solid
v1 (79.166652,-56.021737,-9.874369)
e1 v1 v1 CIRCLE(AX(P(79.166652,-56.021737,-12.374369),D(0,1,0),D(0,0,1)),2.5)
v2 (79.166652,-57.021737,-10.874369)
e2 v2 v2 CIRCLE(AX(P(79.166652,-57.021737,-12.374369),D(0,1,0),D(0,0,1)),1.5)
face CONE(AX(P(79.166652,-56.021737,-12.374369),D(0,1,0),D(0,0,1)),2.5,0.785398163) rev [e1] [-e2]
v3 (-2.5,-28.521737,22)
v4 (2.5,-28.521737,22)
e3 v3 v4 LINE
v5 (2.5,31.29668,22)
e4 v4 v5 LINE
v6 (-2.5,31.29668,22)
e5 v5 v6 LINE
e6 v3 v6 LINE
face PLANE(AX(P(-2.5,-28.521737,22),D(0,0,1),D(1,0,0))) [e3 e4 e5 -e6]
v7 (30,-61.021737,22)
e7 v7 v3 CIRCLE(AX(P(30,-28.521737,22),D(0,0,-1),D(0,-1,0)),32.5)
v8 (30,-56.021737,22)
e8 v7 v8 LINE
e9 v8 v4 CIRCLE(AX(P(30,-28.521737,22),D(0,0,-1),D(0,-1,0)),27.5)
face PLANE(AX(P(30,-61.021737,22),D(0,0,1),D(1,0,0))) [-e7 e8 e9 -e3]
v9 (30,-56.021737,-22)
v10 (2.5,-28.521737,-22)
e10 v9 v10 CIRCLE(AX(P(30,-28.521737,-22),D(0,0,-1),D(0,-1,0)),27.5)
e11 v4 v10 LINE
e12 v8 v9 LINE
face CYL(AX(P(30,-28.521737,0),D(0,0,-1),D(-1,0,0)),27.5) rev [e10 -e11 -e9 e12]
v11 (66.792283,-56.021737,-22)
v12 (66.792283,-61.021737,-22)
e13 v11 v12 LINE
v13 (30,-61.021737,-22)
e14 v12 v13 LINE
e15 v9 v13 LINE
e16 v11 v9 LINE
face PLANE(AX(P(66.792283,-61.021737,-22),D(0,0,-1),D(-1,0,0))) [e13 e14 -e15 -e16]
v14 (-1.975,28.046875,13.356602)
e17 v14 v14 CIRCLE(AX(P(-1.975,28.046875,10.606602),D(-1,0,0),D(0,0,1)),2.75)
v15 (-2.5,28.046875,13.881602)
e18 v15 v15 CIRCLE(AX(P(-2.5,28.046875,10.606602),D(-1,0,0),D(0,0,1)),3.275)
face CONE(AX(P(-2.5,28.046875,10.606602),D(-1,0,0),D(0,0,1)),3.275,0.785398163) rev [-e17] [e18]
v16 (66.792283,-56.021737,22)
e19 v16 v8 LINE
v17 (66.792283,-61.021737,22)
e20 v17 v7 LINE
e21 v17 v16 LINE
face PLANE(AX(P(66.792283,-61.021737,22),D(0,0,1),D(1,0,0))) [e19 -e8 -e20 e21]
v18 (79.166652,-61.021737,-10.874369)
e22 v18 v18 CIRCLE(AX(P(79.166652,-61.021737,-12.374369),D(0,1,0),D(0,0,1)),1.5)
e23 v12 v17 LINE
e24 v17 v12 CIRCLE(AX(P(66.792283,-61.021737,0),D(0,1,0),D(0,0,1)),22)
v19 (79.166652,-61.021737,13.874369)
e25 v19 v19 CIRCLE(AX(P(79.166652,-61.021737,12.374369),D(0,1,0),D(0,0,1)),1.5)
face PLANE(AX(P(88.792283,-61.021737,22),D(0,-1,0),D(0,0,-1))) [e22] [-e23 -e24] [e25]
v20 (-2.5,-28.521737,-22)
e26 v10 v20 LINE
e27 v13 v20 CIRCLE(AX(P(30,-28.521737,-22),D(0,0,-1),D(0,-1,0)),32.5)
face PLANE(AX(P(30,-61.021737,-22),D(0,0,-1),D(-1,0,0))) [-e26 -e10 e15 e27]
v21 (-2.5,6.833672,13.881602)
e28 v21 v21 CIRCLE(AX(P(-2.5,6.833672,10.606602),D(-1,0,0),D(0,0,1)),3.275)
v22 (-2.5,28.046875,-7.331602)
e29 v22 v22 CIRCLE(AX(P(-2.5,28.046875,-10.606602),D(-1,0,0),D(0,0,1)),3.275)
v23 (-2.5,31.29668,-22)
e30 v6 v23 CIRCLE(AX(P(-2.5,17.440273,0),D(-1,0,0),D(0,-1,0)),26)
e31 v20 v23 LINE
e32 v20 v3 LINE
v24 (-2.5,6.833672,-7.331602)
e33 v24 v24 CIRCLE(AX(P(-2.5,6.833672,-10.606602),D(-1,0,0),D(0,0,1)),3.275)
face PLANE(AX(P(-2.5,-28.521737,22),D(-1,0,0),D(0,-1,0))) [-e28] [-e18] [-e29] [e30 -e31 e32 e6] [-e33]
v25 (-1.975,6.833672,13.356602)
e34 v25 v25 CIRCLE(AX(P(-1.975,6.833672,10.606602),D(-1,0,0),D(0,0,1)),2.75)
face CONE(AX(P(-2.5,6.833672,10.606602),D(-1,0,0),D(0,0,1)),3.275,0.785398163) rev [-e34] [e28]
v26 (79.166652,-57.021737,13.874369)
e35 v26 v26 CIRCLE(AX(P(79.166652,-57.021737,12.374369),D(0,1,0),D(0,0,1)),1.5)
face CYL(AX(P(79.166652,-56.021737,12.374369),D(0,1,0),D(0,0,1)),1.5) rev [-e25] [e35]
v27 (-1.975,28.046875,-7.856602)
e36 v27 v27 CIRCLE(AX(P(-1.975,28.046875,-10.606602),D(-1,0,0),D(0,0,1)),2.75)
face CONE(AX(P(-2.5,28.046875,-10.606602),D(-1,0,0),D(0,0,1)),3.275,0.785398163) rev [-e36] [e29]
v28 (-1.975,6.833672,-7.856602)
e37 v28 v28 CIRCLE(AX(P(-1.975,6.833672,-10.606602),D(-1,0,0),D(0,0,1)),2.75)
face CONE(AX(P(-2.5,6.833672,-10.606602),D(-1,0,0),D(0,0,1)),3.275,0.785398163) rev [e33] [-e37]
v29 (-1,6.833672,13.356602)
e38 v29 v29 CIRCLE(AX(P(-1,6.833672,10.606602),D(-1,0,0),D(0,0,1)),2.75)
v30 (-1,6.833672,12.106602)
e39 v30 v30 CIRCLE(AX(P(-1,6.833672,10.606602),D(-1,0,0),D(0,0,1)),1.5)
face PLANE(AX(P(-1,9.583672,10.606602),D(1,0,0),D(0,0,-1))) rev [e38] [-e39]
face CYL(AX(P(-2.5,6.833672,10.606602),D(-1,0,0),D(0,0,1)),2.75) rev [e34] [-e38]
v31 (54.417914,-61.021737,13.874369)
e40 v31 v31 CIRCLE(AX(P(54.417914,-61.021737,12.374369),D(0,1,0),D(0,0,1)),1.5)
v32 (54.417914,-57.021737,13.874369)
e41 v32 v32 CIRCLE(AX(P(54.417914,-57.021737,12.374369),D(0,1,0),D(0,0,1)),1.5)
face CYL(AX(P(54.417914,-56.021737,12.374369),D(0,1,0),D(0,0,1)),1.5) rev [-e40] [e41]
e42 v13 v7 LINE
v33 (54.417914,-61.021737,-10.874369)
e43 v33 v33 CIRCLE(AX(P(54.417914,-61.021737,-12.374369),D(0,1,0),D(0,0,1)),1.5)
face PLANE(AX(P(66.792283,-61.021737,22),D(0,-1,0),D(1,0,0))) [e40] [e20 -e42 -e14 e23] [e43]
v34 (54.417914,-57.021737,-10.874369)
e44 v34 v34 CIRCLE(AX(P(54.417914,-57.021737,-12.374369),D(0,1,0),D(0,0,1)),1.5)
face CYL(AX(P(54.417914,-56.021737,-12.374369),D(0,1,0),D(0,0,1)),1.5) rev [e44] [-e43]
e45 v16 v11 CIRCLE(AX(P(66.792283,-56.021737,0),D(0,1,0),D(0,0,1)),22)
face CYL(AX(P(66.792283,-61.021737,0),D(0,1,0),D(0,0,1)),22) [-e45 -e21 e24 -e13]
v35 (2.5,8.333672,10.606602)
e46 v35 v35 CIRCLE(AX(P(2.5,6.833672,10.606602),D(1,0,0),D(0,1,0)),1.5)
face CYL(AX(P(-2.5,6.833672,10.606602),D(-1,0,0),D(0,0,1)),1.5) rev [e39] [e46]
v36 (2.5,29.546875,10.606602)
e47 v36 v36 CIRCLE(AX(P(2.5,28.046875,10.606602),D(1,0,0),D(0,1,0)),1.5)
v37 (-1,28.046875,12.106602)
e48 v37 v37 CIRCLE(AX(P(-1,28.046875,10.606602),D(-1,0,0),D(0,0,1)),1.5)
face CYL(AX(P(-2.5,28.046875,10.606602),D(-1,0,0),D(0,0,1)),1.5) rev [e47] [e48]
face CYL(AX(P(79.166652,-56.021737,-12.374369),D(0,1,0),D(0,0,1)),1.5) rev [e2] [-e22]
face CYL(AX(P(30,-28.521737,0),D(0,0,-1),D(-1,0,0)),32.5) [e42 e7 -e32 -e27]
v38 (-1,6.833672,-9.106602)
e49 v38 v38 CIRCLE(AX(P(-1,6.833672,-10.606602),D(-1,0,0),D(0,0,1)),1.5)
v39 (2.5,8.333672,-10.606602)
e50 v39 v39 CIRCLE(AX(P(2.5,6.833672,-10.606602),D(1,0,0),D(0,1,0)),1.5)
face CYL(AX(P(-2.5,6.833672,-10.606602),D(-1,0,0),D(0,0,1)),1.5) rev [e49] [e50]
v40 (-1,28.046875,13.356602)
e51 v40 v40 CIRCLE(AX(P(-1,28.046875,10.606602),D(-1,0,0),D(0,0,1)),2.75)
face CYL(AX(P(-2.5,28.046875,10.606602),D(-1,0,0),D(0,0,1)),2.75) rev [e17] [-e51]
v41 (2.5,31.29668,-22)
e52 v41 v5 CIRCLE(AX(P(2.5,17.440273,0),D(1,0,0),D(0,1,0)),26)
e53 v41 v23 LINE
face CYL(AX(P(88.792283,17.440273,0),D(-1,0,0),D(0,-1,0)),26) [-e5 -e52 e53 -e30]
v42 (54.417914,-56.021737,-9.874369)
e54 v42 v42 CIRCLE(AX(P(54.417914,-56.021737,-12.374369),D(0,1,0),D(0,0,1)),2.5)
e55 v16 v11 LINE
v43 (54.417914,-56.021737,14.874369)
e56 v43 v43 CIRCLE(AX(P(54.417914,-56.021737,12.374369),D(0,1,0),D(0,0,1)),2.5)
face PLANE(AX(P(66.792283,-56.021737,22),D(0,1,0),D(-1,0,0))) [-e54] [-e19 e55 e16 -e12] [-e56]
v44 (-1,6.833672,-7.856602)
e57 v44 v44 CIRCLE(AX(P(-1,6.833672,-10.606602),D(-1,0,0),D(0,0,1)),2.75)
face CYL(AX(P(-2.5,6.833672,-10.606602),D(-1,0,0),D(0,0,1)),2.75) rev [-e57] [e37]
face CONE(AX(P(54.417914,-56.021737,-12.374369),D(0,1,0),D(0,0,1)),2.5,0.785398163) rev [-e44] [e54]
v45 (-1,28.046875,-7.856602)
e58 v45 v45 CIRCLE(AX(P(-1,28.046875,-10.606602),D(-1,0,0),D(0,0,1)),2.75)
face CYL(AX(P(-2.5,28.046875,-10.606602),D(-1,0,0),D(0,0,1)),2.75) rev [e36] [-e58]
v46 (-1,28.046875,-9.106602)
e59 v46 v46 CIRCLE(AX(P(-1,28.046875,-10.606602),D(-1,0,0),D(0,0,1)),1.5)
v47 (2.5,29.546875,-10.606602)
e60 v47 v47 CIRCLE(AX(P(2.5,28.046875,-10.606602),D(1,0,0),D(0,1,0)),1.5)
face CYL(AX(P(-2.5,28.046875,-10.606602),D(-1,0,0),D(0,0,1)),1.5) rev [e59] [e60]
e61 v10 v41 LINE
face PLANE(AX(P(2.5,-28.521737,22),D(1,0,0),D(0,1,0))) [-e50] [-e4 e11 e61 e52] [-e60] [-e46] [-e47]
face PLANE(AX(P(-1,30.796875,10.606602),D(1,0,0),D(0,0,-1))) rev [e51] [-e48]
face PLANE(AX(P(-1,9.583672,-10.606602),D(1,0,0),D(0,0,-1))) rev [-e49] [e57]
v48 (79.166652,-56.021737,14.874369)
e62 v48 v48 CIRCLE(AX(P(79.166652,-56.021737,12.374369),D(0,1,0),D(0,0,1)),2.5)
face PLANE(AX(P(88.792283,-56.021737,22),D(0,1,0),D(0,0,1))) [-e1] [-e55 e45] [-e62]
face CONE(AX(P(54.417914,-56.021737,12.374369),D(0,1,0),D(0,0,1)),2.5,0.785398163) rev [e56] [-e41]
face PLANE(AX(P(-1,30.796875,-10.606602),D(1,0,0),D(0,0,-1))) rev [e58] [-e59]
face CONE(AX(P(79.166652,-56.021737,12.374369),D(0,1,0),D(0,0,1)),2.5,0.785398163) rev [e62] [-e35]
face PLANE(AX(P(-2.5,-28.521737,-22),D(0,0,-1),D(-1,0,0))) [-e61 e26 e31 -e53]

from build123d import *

# Parameters (mm, degrees)
SKETCH_2_W                   = 5
SKETCH_2_H                   = 44
CUT_EXTRUDE_1_DEPTH          = 136.500823221
CUT_EXTRUDE_2_DEPTH          = 112.990773585
HOLE_WIZARD_M31_D            = 3
HOLE_WIZARD_M31_CSINK_D      = 5
HOLE_WIZARD_M31_CSINK_ANGLE  = 90
HOLE_WIZARD_M31_2_AT_2_COUNT = 2
HOLE_WIZARD_M31_2_AT_2_PITCH = 21.213203436
HOLE_WIZARD_M31_2_AT_3_COUNT = 2
HOLE_WIZARD_M31_2_AT_3_PITCH = 21.213203436
HOLE_WIZARD_M31_2_AT_4_COUNT = 2
HOLE_WIZARD_M31_2_AT_4_PITCH = 30


with BuildPart() as part:
    # По траектории1: sweep along a path in Эскиз1
    with BuildLine(Plane.XY) as sweep_1_path:
        Line((0, 43.940273354), (0, -28.521737175))
        ThreePointArc((0, -28.521737175), (8.786796564, -49.734940611), (30, -58.521737175))
        Line((30, -58.521737175), (66.792283136, -58.521737175))
        Line((66.792283136, -58.521737175), (88.792283136, -58.521737175))
    # Эскиз2 → По траектории1 (sweep)
    with BuildSketch(Plane(origin=(0, 0, 0), x_dir=(1, 0, 0), z_dir=(0, 1, 0))):
        Rectangle(SKETCH_2_W, SKETCH_2_H)
    sweep(path=sweep_1_path.line)

    # Эскиз3 → Вырез-Вытянуть1 (cut, through all)
    with BuildSketch(Plane(origin=(0, -56.021737175, 0), x_dir=(1, 0, 0), z_dir=(0, 1, 0))):
        with BuildLine():
            Line((88.792283136, 22), (66.792283136, 22))
            ThreePointArc((66.792283136, 22), (82.348632323, 15.556349186), (88.792283136, 0))
            Line((88.792283136, 0), (88.792283136, 22))
        make_face()
        with BuildLine():
            Line((88.792283136, -22), (88.792283136, 0))
            ThreePointArc((88.792283136, 0), (82.348632323, -15.556349186), (66.792283136, -22))
            Line((66.792283136, -22), (88.792283136, -22))
        make_face()
    extrude(amount=-CUT_EXTRUDE_1_DEPTH, mode=Mode.SUBTRACT)

    # Эскиз4 → Вырез-Вытянуть2 (cut, through all)
    with BuildSketch(Plane.ZY.offset(2.5)):
        with BuildLine():
            Line((22, 43.940273354), (-22, 43.940273354))
            Line((-22, 43.940273354), (-22, 31.296679815))
            ThreePointArc((-22, 31.296679815), (0, 43.440273354), (22, 31.296679815))
            Line((22, 31.296679815), (22, 43.940273354))
        make_face()
    extrude(amount=-CUT_EXTRUDE_2_DEPTH, mode=Mode.SUBTRACT)

    # Hole Wizard M31 (through all)
    with Locations(Plane(origin=(0, -56.021737175, 0), x_dir=(1, 0, 0), z_dir=(0, 1, 0))):
        with Locations((54.417914466, -12.374368671), (79.166651807, -12.374368671), (79.166651807, 12.374368671), (54.417914466, 12.374368671)):
            CounterSinkHole(HOLE_WIZARD_M31_D / 2, HOLE_WIZARD_M31_CSINK_D / 2, counter_sink_angle=HOLE_WIZARD_M31_CSINK_ANGLE)

    # Эскиз10 → Hole Wizard M31 2 (revolve, cut)
    with BuildSketch(Plane(origin=(-2.5, 28.046875072, -10.606601718), x_dir=(0, 0, 1), z_dir=(0, 1, 0))):
        Polygon((0, 0), (0, 91.292283136), (1.5, 91.292283136), (1.5, 1.5), (2.75, 1.5), (2.75, 0.525), (3.275, 0), align=None)
    hole_wizard_m31_2 = revolve(axis=Axis((-8.85, 28.046875072, -10.606601718), (1, 0, 0)), mode=Mode.SUBTRACT)

    # Hole Wizard M31 2 at 2: Hole Wizard M31 2 ×2
    with Locations(*[(0, 0, i * HOLE_WIZARD_M31_2_AT_2_PITCH) for i in range(1, HOLE_WIZARD_M31_2_AT_2_COUNT)]):
        add(hole_wizard_m31_2, mode=Mode.SUBTRACT)

    # Hole Wizard M31 2 at 3: Hole Wizard M31 2 ×2
    with Locations(*[(0, -i * HOLE_WIZARD_M31_2_AT_3_PITCH, 0) for i in range(1, HOLE_WIZARD_M31_2_AT_3_COUNT)]):
        add(hole_wizard_m31_2, mode=Mode.SUBTRACT)

    # Hole Wizard M31 2 at 4: Hole Wizard M31 2 ×2
    with Locations(*[Vector(0, -0.7071067811865492, 0.7071067811865459) * (i * HOLE_WIZARD_M31_2_AT_4_PITCH) for i in range(1, HOLE_WIZARD_M31_2_AT_4_COUNT)]):
        add(hole_wizard_m31_2, mode=Mode.SUBTRACT)


solid = part.part
